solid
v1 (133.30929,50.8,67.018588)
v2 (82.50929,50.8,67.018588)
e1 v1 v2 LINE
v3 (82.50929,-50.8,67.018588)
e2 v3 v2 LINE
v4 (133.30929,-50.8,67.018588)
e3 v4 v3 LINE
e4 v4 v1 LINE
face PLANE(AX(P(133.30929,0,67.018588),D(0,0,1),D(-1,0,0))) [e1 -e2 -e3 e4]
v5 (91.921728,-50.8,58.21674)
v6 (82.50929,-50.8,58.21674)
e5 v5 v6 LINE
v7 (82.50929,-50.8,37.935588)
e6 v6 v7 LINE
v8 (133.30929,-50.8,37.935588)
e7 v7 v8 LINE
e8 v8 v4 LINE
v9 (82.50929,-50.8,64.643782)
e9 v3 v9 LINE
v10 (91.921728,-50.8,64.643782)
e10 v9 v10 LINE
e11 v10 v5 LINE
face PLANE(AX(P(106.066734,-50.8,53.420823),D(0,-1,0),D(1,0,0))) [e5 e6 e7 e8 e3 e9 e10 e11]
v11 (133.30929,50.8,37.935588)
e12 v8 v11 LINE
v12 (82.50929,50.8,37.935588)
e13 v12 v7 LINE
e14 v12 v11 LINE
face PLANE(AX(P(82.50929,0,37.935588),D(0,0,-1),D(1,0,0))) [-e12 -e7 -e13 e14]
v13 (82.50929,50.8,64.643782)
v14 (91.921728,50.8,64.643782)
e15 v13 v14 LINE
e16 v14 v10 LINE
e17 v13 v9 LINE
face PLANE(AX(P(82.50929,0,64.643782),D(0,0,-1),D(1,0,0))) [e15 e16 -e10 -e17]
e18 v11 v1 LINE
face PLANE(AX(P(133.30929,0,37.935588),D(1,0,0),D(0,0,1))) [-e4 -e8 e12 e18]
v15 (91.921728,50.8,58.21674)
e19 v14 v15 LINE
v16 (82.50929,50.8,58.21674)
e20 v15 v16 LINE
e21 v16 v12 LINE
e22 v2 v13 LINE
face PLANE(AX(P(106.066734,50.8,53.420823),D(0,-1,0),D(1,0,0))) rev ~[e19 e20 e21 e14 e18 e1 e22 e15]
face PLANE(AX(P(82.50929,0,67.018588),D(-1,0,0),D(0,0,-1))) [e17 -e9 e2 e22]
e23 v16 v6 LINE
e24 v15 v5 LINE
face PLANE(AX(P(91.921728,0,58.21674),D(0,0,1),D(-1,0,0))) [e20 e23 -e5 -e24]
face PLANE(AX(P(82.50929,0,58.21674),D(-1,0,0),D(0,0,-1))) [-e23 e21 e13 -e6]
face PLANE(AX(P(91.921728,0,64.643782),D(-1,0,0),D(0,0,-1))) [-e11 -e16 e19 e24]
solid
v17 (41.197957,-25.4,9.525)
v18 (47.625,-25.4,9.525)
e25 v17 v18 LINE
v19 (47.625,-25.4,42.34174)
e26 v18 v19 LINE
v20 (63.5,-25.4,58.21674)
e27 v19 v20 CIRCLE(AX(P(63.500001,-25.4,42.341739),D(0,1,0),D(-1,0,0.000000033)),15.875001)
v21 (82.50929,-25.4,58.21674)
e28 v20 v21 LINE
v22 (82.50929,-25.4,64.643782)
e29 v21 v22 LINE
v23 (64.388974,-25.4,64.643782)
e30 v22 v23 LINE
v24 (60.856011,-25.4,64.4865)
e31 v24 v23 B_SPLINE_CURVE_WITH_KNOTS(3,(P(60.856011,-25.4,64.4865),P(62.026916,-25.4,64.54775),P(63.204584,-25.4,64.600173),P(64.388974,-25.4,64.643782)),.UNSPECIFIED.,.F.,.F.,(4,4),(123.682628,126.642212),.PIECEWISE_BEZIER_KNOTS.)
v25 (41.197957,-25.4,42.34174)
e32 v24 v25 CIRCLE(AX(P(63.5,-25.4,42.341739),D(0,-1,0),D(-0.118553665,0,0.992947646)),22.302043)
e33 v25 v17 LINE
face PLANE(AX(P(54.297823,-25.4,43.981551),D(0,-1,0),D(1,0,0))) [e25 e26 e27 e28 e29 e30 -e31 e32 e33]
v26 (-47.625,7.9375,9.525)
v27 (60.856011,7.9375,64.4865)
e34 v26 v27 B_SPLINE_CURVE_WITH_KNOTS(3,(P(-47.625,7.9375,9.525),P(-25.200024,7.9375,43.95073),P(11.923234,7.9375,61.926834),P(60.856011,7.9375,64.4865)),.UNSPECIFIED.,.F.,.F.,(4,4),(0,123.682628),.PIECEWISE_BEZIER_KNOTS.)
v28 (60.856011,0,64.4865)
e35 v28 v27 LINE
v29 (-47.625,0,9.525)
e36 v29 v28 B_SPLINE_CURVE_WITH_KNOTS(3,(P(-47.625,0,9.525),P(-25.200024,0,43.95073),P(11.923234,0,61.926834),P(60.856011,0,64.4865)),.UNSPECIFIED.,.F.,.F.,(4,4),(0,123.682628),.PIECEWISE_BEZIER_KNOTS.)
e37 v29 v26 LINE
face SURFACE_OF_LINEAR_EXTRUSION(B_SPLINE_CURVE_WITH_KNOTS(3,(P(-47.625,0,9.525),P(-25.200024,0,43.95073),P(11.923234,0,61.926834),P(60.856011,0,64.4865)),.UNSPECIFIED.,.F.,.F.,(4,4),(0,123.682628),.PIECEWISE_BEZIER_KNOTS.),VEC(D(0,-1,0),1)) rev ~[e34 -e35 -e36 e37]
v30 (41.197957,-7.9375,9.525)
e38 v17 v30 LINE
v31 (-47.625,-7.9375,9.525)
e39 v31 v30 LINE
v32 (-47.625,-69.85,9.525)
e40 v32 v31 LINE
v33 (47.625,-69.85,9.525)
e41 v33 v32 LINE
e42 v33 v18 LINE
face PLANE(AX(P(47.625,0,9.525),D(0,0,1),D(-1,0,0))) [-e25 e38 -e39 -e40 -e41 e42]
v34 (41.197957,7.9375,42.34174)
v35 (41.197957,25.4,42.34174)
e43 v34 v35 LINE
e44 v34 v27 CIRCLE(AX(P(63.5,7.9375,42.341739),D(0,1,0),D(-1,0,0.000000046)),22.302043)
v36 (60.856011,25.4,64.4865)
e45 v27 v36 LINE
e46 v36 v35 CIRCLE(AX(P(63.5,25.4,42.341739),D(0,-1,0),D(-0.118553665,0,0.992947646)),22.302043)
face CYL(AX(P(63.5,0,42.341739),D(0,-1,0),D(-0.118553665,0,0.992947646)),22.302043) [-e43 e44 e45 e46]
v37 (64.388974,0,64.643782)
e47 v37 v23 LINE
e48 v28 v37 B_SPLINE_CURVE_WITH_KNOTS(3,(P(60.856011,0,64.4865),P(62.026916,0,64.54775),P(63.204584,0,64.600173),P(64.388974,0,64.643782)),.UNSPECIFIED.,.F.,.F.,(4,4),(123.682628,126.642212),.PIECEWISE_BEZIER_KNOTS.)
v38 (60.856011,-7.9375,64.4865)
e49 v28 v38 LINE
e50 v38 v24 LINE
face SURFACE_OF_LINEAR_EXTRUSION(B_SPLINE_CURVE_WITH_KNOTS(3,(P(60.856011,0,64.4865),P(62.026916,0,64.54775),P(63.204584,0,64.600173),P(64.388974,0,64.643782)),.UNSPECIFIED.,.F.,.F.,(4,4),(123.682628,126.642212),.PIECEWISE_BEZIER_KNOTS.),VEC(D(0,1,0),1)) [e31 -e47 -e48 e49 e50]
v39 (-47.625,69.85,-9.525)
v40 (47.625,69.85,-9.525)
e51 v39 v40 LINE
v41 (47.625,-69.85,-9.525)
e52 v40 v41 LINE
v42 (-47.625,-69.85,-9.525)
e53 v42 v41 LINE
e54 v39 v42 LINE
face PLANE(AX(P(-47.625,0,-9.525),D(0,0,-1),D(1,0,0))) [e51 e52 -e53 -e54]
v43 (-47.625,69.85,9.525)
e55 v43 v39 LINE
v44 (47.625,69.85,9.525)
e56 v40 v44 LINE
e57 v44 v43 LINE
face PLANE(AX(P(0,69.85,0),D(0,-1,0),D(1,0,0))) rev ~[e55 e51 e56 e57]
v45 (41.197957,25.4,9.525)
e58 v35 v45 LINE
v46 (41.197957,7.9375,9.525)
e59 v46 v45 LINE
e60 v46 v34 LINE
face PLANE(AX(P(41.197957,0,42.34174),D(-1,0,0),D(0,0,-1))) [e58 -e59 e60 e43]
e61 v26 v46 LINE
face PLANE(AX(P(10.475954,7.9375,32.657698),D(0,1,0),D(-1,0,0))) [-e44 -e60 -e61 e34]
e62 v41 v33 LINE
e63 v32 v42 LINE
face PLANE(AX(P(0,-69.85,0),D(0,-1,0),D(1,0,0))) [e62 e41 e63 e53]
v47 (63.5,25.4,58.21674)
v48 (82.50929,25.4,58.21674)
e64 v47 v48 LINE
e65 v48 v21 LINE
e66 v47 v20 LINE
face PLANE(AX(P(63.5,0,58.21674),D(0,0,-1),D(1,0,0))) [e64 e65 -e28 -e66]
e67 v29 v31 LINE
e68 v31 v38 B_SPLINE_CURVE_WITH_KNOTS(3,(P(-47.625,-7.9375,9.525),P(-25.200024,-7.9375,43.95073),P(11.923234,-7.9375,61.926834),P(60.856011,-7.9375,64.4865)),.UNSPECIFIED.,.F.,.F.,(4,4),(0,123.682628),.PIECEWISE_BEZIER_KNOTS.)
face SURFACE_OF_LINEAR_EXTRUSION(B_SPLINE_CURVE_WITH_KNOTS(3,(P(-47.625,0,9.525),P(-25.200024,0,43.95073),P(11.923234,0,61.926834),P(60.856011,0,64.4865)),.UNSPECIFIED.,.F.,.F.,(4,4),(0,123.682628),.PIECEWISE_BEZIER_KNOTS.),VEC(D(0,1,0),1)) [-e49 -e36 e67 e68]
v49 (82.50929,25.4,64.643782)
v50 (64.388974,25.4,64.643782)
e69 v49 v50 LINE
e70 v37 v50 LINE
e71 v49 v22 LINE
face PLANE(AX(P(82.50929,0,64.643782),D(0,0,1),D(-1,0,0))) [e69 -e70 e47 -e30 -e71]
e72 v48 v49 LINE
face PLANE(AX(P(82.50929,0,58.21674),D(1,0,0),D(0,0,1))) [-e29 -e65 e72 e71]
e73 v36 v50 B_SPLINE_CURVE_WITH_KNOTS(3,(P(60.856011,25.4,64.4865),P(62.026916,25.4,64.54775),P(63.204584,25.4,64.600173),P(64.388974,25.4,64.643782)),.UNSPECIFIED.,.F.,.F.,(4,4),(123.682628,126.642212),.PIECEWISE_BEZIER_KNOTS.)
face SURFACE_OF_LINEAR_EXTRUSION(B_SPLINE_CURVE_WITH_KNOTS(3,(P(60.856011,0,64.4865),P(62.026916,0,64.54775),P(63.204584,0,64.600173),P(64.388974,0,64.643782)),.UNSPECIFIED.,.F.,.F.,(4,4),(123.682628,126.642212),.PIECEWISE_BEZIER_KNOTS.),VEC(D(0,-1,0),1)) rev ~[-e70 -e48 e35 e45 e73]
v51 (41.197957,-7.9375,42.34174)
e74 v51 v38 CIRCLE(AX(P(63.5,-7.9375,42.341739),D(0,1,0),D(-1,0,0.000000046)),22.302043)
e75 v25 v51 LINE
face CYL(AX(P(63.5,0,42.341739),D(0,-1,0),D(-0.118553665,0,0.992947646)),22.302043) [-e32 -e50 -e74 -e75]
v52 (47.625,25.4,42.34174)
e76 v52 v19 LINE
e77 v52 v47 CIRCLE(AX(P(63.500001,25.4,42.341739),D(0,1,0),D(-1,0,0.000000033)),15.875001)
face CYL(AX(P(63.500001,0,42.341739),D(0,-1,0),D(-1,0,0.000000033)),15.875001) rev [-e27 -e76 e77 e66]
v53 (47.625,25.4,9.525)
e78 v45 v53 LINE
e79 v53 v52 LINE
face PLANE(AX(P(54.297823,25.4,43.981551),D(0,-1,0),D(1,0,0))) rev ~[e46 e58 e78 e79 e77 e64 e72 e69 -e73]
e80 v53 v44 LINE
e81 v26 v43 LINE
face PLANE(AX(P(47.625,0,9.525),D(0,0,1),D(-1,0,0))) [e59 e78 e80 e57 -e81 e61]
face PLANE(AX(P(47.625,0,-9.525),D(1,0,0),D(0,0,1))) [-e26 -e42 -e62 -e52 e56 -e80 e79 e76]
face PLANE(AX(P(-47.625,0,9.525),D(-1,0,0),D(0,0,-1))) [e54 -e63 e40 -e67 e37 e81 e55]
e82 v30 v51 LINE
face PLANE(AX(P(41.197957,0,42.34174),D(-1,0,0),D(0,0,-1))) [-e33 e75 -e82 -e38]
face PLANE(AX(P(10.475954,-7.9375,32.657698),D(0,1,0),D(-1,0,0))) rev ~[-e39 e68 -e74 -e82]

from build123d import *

# Parameters (mm, degrees)
F1_DEPTH = 69.85
F2_DEPTH = 7.9375
F3_DEPTH = 25.4
F4_DEPTH = 50.8


with BuildPart() as f1:
    # F0 (on Front) → F1 (new body, symmetric)
    with BuildSketch(Plane.XZ):
        Polygon((-47.625, 9.525), (-47.625, -9.525), (47.625, -9.525), (47.625, 9.525), (41.197957, 9.525), align=None)
    extrude(amount=F1_DEPTH, both=True)

    # F0 (on Front) → F2 (join, symmetric)
    with BuildSketch(Plane.XZ):
        with BuildLine():
            add(Edge.make_bspline(
                [(-47.625, 9.525), (-25.200024, 43.95073), (11.923234, 61.926834), (60.856011, 64.4865)],
                knots=[0, 0, 0, 0, 123.682628, 123.682628, 123.682628, 123.682628], degree=3))
            Line((-47.625, 9.525), (41.197957, 9.525))
            Line((41.197957, 9.525), (41.197957, 42.34174))
            ThreePointArc((41.197957, 42.34174), (46.821459, 57.147393), (60.856011, 64.4865))
        make_face()
    extrude(amount=F2_DEPTH, both=True)

    # F0 (on Front) → F3 (join, symmetric)
    with BuildSketch(Plane.XZ):
        with BuildLine():
            Line((41.197957, 9.525), (47.625, 9.525))
            Line((47.625, 9.525), (47.625, 42.34174))
            ThreePointArc((47.625, 42.34174), (52.27468, 53.56706), (63.5, 58.21674))
            Line((63.5, 58.21674), (82.50929, 58.21674))
            Line((82.50929, 58.21674), (82.50929, 64.643782))
            Line((82.50929, 64.643782), (64.388974, 64.643782))
            add(Edge.make_bspline(
                [(60.856011, 64.4865), (62.026916, 64.54775), (63.204584, 64.600173), (64.388974, 64.643782)],
                knots=[123.682628, 123.682628, 123.682628, 123.682628, 126.642212, 126.642212, 126.642212, 126.642212], degree=3))
            ThreePointArc((60.856011, 64.4865), (46.821459, 57.147393), (41.197957, 42.34174))
            Line((41.197957, 42.34174), (41.197957, 9.525))
        make_face()
    extrude(amount=F3_DEPTH, both=True)


with BuildPart() as f4:
    # F0 (on Front) → F4 (new body, symmetric)
    with BuildSketch(Plane.XZ):
        Polygon((82.50929, 67.018588), (82.50929, 64.643782), (91.921728, 64.643782), (91.921728, 58.21674), (82.50929, 58.21674), (82.50929, 37.935588), (133.30929, 37.935588), (133.30929, 67.018588), align=None)
    extrude(amount=F4_DEPTH, both=True)


solid = Compound([f1.part, f4.part])
